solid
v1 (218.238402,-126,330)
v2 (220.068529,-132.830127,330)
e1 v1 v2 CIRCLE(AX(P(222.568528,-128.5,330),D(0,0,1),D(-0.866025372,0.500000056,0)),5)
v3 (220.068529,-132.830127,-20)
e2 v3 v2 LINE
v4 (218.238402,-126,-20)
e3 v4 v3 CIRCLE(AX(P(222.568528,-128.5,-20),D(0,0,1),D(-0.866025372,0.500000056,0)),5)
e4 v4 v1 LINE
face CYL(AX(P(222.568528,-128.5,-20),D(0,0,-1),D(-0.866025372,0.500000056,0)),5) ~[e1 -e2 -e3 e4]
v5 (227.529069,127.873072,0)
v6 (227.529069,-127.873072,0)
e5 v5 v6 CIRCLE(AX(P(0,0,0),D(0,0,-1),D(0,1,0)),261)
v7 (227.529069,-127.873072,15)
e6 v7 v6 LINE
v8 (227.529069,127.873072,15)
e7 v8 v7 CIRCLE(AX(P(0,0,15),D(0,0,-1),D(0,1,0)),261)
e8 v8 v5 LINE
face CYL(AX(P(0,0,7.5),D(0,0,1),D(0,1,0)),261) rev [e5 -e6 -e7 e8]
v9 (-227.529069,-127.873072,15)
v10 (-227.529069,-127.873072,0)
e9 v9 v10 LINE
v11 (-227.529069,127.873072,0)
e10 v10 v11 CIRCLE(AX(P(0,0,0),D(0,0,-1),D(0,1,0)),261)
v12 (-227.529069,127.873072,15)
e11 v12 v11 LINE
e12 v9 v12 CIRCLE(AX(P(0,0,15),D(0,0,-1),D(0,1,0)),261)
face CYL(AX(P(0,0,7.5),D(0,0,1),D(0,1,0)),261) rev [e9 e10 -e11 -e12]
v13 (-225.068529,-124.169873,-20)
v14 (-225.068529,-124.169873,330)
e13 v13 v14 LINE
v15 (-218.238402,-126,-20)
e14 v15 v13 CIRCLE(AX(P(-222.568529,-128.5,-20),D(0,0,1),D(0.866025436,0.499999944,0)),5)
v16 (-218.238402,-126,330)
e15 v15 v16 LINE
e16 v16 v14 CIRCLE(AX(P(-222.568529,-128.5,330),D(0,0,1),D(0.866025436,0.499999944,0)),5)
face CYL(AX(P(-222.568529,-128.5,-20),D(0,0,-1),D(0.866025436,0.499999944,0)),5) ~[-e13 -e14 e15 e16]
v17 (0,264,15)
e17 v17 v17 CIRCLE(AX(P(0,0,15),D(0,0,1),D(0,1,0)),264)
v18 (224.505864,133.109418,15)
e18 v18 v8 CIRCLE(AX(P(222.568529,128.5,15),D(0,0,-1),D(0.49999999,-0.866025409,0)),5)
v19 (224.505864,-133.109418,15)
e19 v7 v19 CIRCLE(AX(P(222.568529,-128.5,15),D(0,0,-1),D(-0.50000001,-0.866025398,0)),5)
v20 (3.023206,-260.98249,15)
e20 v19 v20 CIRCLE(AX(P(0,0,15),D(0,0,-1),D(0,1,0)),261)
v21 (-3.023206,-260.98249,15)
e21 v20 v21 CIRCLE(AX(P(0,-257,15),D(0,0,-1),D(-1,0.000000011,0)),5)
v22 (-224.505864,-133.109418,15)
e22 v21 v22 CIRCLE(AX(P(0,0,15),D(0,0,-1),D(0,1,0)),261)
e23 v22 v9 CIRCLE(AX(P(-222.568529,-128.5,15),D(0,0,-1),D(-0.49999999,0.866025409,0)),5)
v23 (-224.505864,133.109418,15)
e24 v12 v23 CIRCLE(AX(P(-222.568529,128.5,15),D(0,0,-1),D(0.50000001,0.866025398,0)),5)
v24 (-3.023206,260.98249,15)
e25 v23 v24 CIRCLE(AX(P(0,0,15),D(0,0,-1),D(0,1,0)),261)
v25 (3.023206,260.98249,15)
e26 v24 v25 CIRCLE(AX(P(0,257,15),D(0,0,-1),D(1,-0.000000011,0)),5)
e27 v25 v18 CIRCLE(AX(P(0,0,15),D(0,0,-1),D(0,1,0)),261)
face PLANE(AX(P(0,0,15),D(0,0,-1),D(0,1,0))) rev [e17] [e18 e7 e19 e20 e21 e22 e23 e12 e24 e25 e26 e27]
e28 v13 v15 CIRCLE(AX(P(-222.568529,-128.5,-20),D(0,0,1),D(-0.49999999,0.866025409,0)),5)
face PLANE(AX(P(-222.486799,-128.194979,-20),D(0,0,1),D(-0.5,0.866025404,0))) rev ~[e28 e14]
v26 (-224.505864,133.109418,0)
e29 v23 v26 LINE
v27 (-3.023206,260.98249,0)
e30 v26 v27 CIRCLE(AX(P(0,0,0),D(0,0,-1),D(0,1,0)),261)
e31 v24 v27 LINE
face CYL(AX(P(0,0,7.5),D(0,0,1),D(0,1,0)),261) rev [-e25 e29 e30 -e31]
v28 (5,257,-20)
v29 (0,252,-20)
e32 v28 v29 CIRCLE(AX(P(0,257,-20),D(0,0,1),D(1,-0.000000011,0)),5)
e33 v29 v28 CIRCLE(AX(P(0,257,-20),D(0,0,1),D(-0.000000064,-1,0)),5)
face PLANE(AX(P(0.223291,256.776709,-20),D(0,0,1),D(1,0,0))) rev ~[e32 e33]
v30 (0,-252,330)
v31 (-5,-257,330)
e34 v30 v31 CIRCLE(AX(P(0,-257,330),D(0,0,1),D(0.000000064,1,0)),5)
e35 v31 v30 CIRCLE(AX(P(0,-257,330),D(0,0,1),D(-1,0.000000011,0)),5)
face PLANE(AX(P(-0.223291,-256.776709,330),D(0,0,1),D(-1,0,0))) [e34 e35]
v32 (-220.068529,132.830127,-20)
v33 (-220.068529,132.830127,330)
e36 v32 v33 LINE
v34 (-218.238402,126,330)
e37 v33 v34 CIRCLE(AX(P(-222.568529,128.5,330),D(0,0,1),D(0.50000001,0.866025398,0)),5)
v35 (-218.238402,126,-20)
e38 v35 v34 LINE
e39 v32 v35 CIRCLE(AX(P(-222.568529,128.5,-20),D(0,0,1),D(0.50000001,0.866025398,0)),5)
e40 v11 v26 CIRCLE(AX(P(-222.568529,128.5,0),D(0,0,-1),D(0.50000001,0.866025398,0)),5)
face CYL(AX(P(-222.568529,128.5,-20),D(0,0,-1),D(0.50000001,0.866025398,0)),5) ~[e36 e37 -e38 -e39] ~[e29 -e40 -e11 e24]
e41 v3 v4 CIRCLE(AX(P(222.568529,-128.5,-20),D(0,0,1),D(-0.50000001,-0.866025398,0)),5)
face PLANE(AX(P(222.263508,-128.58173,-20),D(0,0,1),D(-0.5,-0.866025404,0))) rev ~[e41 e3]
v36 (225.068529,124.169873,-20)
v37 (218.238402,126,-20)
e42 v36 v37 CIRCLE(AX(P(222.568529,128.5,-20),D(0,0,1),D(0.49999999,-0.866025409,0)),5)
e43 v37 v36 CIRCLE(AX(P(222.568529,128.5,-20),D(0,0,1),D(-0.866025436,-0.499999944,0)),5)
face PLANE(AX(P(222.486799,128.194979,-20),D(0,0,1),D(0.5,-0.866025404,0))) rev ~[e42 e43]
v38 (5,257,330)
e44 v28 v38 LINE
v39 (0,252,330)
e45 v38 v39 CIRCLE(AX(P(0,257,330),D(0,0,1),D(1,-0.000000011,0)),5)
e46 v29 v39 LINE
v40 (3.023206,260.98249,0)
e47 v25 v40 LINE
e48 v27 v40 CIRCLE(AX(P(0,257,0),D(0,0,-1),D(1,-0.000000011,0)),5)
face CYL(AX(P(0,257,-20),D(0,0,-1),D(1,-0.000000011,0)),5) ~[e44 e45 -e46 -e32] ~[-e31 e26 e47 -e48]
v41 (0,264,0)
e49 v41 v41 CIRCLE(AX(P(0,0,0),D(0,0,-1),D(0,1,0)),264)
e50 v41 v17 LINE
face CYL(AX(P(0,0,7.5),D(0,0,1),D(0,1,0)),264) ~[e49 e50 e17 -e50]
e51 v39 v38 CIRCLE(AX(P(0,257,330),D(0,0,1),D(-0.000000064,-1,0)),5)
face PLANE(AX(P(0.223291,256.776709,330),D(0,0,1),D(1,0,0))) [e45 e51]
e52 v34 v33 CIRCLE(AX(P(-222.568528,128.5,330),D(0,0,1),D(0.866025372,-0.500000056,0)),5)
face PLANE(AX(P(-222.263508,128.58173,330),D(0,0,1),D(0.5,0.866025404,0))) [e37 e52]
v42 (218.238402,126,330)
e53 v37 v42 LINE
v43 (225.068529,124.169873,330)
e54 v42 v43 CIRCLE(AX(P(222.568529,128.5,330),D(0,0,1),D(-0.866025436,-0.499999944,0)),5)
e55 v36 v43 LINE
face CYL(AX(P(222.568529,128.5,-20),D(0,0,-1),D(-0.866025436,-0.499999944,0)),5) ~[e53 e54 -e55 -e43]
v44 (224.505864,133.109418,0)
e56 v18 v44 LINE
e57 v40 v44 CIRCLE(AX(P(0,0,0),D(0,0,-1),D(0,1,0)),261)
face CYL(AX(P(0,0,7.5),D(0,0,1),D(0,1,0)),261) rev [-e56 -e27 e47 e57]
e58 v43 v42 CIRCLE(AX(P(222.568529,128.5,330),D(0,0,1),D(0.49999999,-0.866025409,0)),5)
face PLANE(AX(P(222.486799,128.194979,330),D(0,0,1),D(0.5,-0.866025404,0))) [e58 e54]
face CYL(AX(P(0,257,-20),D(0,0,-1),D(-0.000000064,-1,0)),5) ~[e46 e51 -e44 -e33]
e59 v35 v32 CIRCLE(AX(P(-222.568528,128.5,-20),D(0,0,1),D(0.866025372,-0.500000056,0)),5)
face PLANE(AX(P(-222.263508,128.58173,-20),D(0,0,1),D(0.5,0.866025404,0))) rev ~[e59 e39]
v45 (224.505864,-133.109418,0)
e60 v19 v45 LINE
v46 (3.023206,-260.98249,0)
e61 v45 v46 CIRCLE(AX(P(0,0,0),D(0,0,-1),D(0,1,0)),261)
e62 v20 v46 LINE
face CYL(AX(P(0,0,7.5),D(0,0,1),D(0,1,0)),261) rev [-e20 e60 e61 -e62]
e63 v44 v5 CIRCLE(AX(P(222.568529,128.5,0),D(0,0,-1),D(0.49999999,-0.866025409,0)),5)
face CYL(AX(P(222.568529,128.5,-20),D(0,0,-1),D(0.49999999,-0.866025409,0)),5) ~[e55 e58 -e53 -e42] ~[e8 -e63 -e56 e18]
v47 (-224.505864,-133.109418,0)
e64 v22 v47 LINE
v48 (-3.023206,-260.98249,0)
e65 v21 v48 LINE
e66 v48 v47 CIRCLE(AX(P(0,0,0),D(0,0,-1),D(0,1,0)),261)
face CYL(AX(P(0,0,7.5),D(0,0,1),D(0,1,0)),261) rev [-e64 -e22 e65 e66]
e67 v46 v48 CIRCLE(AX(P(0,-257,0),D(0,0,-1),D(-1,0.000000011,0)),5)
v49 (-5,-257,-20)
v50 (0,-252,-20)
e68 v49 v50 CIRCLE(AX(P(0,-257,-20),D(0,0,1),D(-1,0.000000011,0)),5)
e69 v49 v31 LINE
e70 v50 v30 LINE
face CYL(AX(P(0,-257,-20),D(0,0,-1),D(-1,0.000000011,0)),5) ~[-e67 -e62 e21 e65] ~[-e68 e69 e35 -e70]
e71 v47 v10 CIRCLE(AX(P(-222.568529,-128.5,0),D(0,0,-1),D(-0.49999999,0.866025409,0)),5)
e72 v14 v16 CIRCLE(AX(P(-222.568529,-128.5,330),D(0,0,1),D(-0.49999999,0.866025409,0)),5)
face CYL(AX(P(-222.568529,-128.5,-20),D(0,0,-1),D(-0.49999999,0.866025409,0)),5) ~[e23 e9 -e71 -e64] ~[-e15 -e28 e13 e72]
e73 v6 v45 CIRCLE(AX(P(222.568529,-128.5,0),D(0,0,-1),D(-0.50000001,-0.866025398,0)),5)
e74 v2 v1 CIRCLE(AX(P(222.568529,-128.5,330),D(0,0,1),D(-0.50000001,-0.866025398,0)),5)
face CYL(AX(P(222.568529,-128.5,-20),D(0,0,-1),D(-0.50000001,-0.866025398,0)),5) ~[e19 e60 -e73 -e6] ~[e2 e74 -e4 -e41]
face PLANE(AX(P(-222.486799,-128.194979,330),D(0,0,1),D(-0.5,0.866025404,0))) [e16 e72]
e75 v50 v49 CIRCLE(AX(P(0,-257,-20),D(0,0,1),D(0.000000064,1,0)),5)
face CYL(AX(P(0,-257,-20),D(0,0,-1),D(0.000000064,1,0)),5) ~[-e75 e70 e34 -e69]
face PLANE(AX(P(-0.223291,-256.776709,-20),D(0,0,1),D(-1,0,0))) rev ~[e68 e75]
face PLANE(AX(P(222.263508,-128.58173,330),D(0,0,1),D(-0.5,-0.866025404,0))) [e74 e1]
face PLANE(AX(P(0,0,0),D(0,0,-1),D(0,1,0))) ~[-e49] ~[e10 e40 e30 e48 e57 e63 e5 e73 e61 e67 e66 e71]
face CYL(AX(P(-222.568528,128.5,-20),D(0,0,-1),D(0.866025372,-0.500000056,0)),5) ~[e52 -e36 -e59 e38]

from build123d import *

# Parameters (mm, degrees)
F1_DEPTH = 350
F2_W     = 3
F2_H     = 15
F7_COUNT = 6
F7_ANGLE = 300


with BuildPart() as f1:
    # F0 (on Top) → F1 (new body)
    with BuildSketch(Plane.XY):
        with BuildLine():
            ThreePointArc((5, 257), (-3.535534, 260.535534), (0, 252))
            ThreePointArc((0, 252), (3.535534, 253.464466), (5, 257))
        make_face()
    extrude(amount=F1_DEPTH)


with BuildPart() as f1_1:
    # F5: moved
    add(f1.part.moved(Location((0, 0, -20))))

    # F2 (on Right) → F6 (revolve)
    with BuildSketch(Plane.YZ):
        with Locations((262.5, 7.5)):
            Rectangle(F2_W, F2_H)
    revolve(axis=Axis((0, 0, -57.719678), (0, 0, -1)))

    # F7: F1 ×6 about axis
    f7_axis = Axis((0, 0, -44.895653), (0, 0, -1))


with BuildPart() as f1_2:
    add(f1_1.part)
    for i in range(1, F7_COUNT):
        add(f1_1.part.rotate(f7_axis, i * F7_ANGLE / (F7_COUNT - 1)))


solid = f1_2.part
